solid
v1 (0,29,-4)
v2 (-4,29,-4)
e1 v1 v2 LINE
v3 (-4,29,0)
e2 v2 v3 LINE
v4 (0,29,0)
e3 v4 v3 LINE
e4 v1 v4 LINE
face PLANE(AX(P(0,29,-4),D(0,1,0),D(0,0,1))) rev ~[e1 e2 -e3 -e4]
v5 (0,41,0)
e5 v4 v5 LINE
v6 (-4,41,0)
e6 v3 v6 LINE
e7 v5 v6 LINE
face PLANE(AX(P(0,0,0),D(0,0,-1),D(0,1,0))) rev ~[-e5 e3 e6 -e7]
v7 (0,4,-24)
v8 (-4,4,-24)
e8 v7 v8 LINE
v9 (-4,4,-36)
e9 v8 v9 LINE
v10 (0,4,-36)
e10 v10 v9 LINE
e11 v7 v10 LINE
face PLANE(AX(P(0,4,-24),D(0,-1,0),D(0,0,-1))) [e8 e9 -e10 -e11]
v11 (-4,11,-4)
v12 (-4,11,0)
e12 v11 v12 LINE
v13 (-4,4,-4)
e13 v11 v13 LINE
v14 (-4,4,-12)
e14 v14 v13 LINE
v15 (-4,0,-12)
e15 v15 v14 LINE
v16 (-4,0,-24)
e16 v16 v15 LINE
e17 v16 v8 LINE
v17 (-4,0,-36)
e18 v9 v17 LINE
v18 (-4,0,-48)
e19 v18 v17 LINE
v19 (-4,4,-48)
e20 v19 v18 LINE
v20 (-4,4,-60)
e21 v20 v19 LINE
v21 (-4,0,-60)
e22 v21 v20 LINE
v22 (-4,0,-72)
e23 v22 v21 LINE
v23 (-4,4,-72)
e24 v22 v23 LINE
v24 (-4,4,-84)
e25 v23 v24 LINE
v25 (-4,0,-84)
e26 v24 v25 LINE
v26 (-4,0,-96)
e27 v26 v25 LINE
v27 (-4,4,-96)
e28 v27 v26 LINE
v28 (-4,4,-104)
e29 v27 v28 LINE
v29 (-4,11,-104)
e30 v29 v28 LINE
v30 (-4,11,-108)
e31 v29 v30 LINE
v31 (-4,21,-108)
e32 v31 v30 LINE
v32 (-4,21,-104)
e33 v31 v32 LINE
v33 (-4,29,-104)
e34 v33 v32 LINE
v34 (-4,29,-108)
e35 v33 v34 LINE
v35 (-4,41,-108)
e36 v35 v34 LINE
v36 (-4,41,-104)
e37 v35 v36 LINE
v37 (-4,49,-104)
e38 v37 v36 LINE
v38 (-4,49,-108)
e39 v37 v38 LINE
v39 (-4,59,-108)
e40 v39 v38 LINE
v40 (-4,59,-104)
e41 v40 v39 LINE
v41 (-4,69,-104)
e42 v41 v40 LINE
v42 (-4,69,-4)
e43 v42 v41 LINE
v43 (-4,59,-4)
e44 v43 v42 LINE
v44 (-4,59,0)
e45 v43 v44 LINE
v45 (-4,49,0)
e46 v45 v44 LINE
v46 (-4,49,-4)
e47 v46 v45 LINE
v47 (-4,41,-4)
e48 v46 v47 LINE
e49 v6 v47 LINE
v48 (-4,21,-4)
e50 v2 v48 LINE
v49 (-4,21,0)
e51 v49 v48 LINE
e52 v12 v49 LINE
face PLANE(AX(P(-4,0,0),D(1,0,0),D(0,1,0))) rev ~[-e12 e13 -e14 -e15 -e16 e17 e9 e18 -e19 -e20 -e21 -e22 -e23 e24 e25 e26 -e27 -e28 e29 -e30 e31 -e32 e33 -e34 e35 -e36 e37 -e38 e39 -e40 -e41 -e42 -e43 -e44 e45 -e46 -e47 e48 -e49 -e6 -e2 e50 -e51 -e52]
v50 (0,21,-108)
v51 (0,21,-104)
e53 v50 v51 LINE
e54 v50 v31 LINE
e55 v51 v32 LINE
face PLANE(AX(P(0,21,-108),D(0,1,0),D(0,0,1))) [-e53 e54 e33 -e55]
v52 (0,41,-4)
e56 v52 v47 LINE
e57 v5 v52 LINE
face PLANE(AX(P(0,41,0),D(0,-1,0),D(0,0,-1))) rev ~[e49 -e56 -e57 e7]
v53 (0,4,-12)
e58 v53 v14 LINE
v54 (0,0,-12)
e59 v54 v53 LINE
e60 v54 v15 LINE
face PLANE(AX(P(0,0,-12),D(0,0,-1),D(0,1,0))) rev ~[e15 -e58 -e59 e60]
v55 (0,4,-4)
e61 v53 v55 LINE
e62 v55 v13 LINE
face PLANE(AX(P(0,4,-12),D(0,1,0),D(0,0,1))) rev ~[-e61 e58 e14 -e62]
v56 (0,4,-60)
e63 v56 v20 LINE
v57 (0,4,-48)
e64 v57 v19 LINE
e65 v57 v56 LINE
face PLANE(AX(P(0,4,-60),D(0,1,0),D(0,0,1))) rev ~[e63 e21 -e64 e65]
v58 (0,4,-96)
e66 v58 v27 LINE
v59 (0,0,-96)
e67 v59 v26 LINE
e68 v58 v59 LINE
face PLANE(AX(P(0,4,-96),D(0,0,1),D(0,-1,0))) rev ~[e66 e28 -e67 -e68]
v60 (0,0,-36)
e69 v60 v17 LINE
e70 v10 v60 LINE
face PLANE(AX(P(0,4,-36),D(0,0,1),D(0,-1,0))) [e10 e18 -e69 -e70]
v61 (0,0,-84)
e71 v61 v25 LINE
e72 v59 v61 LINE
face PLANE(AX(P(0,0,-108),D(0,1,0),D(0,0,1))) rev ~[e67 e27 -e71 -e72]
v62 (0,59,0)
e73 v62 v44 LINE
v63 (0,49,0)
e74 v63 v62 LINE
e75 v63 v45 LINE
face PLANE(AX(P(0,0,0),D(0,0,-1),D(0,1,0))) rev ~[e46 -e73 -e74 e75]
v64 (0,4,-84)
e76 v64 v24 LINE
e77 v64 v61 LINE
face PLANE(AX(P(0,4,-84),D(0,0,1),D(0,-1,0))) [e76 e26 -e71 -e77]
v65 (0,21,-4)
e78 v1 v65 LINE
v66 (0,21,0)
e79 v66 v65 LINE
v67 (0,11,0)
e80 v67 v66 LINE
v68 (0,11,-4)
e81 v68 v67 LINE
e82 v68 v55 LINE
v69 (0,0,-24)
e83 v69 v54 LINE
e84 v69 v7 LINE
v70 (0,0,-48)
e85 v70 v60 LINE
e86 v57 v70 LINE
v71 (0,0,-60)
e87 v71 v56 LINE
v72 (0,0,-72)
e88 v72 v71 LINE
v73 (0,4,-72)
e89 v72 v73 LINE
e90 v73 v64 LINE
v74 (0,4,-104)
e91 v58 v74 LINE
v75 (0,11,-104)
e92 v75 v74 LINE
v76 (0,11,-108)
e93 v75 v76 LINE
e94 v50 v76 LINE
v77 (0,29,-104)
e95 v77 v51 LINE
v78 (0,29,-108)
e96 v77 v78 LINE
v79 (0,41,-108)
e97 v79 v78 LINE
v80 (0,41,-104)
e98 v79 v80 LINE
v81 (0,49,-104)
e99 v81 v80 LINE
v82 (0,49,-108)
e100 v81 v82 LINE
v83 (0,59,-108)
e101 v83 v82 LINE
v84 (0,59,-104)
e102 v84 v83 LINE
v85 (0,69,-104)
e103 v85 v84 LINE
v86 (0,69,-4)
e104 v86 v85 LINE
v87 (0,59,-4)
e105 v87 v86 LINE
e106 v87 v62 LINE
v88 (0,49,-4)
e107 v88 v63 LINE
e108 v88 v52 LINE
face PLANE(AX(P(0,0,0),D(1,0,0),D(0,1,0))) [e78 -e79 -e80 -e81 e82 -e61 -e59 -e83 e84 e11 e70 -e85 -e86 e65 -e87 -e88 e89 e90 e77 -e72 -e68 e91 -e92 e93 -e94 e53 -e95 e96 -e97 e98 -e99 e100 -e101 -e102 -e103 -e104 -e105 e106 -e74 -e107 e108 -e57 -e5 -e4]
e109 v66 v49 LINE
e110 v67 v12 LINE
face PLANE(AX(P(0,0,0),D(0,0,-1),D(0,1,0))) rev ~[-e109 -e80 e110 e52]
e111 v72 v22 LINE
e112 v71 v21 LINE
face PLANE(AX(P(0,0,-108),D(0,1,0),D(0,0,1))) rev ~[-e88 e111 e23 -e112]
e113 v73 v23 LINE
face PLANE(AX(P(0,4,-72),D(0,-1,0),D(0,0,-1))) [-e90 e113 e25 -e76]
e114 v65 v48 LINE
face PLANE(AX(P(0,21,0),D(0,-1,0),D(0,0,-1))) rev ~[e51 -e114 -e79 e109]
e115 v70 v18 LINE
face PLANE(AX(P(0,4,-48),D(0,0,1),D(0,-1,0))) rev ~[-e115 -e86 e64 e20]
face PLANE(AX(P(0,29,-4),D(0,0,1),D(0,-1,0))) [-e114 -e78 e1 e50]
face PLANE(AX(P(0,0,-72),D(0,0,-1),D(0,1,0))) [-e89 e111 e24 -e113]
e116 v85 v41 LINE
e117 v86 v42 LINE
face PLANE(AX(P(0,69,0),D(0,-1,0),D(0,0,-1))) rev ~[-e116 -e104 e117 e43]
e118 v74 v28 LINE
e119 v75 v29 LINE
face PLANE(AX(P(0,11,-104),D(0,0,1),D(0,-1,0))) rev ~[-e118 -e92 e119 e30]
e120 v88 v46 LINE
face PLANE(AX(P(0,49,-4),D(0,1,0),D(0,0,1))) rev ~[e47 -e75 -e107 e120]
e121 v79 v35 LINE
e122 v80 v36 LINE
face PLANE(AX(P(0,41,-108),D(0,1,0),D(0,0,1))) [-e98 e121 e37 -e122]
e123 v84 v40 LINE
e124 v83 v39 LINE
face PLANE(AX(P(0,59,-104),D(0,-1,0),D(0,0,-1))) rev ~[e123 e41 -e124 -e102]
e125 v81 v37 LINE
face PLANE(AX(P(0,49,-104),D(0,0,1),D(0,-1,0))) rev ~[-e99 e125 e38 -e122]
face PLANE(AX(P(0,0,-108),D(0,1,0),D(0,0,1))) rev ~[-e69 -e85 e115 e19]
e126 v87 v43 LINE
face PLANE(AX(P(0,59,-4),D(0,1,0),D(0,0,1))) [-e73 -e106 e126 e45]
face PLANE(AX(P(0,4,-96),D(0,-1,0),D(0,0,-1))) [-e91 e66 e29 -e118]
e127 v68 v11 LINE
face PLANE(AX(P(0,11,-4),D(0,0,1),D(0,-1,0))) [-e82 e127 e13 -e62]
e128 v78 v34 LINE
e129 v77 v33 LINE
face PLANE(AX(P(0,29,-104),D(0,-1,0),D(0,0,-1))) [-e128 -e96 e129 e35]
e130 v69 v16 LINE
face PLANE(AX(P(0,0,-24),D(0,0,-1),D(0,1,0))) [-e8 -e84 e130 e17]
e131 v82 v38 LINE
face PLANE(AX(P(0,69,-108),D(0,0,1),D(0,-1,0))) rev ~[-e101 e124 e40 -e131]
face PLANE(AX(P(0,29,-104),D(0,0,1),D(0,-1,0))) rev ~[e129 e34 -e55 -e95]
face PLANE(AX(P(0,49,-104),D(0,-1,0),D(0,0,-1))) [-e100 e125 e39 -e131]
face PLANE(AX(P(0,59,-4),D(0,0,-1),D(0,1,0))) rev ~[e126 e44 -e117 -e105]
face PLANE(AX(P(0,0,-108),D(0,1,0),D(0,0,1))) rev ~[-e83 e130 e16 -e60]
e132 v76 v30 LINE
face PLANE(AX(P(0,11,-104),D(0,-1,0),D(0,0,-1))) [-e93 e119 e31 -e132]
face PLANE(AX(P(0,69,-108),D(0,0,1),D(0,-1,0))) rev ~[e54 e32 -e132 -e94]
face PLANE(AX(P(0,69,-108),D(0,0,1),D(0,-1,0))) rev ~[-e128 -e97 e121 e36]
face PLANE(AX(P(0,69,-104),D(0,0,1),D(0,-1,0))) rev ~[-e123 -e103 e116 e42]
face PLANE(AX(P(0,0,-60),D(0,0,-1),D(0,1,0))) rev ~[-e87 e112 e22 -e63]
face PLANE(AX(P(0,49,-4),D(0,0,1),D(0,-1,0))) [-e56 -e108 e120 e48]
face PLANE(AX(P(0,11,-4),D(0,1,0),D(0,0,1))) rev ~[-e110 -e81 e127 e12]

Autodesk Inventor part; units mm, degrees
ref_plane "YZ Plane" through (0, 0, 0) normal (1, 0, 0) x (0, 1, 0)
ref_plane "XZ Plane" through (0, 0, 0) normal (0, 1, 0) x (-1, 0, 0)
ref_plane "XY Plane" through (0, 0, 0) normal (0, 0, 1) x (1, 0, 0)
sketch "Sketch1" plane through (0, 0, 0) normal (1, 0, 0) x (0, 1, 0)
  line L0 (0, 0) -> (69, 0)
  line L1 (69, 0) -> (69, -108)
  line L2 (69, -108) -> (0, -108)
  line L3 (0, -108) -> (0, 0)
  dimension "d228" = 69
  dimension "d229" = 108
extrude "Extrusion1" add sketch "Sketch1" against normal blind 4
sketch "Sketch2" plane through (0, 0, 0) normal (1, 0, 0) x (0, 0, -1)
  line L0 (54, 69) -> (54, 0)
  line L1 (108, 0) -> (0, 0) projected
  line L2 (0, 0) -> (0, 69) projected
  line L3 (0, 34.5) -> (108, 34.5)
  line L4 (108, 69) -> (108, 0) projected
  line L5 (0, 0) -> (108, 0)
  line L6 (12, 0) -> (12, 4)
  line L7 (4, 0) -> (12, 0)
  line L8 (4, 59) -> (4, 49)
  line L9 (4, 49) -> (0, 49)
  line L10 (0, 49) -> (0, 41)
  line L11 (0, 41) -> (4, 41)
  line L12 (4, 41) -> (4, 29)
  line L13 (4, 29) -> (0, 29)
  line L14 (0, 29) -> (0, 21)
  line L15 (0, 21) -> (4, 21)
  line L16 (4, 21) -> (4, 11)
  line L17 (4, 11) -> (0, 11)
  line L18 (0, 69) -> (0, 0) projected
  line L19 (108, 0) -> (108, 69)
  line L20 (108, 34.5) -> (0, 34.5)
  line L21 (108, 49) -> (108, 41)
  line L22 (108, 29) -> (108, 21)
  line L23 (108, 69) -> (108, 0)
  line L24 (4, 59) -> (0, 59)
  line L25 (0, 0) -> (108, 0) projected
  line L26 (108, 69) -> (0, 69) projected
  line L27 (108, 0) -> (108, 69)
  line L28 (108, 34.5) -> (0, 34.5)
  line L29 (104, 59) -> (104, 49)
  line L30 (104, 49) -> (108, 49)
  line L31 (108, 49) -> (108, 41)
  line L32 (108, 41) -> (104, 41)
  line L33 (104, 41) -> (104, 29)
  line L34 (104, 29) -> (108, 29)
  line L35 (108, 29) -> (108, 21)
  line L36 (108, 21) -> (104, 21)
  line L37 (104, 21) -> (104, 11)
  line L38 (104, 11) -> (108, 11)
  line L39 (108, 69) -> (108, 0)
  line L40 (0, 34.5) -> (108, 34.5)
  line L41 (104, 59) -> (108, 59)
  line L42 (4, 49) -> (4, 41)
  line L43 (4, 29) -> (4, 21)
  line L44 (4, 59) -> (4, 69)
  line L45 (0, 69) -> (108, 69) projected
  line L46 (104, 69) -> (104, 59)
  line L47 (104, 49) -> (104, 41)
  line L48 (104, 29) -> (104, 21)
  line L49 (12, 0) -> (24, 0)
  line L50 (24, 0) -> (24, 4)
  line L51 (24, 4) -> (36, 4)
  line L52 (36, 4) -> (36, 0)
  line L53 (36, 0) -> (24, 0)
  line L54 (36, 0) -> (48, 0)
  line L55 (60, 0) -> (48, 0)
  line L56 (60, 0) -> (72, 0)
  line L57 (72, 0) -> (72, 4)
  line L58 (72, 4) -> (84, 4)
  line L59 (84, 4) -> (84, 0)
  line L60 (84, 0) -> (72, 0)
  line L61 (12, 4) -> (0, 4)
  line L62 (4, 11) -> (4, 0)
  line L63 (104, 11) -> (104, 0)
  line L64 (106, 0) -> (96, 0)
  line L65 (84, 0) -> (96, 0)
  line L66 (48, 0) -> (60, 0)
  line L67 (60, 0) -> (72, 0)
  line L68 (96, 0) -> (106, 0)
  line L69 (108, 4) -> (108, 11)
  line L70 (60, 0) -> (60, 4)
  line L71 (48, 4) -> (48, 0)
  line L72 (60, 4) -> (48, 4)
  line L73 (96, 4) -> (108, 4)
  line L74 (96, 4) -> (96, 0)
  line L75 (108, 0) -> (108, 69) projected
  line L76 (108, 4) -> (108, 0)
  point P0 (12, 0)
  point P1 (108, 29)
  point P2 (108, 41)
  point P3 (108, 49)
  point P4 (108, 59)
  point P5 (108, 11)
  point P6 (108, 21)
  point P7 (84, 0)
  point P8 (104, 0)
  point P9 (36, 0)
  point P10 (4, 4)
  point P11 (104, 4)
  dimension "d246" = 12
  dimension "d248" = 10
  dimension "d250" = 8
  dimension "d253" = 4
  dimension "d256" = 10
  dimension "d257" = 12
  dimension "d259" = 12
extrude "Extrusion2" cut sketch "Sketch2" against normal blind 4 contours L26 L4 L41 L46 | L44 L24 L2 L26 | L72 L70 L1 L0 | L0 L1 L71 L72 | L11 L2 L9 L42 | L43 L15 L2 L13 | L47 L30 L4 L32 | L34 L4 L36 L48 | L57 L58 L59 L1 | L1 L50 L51 L52 | L62 L61 L2 L17 | L38 L4 L73 L63 | L62 L1 L2 L61 | L61 L6 L1 L62 | L73 L4 L1 L63 | L63 L1 L74 L73
properties part number "Langbektang houder"
